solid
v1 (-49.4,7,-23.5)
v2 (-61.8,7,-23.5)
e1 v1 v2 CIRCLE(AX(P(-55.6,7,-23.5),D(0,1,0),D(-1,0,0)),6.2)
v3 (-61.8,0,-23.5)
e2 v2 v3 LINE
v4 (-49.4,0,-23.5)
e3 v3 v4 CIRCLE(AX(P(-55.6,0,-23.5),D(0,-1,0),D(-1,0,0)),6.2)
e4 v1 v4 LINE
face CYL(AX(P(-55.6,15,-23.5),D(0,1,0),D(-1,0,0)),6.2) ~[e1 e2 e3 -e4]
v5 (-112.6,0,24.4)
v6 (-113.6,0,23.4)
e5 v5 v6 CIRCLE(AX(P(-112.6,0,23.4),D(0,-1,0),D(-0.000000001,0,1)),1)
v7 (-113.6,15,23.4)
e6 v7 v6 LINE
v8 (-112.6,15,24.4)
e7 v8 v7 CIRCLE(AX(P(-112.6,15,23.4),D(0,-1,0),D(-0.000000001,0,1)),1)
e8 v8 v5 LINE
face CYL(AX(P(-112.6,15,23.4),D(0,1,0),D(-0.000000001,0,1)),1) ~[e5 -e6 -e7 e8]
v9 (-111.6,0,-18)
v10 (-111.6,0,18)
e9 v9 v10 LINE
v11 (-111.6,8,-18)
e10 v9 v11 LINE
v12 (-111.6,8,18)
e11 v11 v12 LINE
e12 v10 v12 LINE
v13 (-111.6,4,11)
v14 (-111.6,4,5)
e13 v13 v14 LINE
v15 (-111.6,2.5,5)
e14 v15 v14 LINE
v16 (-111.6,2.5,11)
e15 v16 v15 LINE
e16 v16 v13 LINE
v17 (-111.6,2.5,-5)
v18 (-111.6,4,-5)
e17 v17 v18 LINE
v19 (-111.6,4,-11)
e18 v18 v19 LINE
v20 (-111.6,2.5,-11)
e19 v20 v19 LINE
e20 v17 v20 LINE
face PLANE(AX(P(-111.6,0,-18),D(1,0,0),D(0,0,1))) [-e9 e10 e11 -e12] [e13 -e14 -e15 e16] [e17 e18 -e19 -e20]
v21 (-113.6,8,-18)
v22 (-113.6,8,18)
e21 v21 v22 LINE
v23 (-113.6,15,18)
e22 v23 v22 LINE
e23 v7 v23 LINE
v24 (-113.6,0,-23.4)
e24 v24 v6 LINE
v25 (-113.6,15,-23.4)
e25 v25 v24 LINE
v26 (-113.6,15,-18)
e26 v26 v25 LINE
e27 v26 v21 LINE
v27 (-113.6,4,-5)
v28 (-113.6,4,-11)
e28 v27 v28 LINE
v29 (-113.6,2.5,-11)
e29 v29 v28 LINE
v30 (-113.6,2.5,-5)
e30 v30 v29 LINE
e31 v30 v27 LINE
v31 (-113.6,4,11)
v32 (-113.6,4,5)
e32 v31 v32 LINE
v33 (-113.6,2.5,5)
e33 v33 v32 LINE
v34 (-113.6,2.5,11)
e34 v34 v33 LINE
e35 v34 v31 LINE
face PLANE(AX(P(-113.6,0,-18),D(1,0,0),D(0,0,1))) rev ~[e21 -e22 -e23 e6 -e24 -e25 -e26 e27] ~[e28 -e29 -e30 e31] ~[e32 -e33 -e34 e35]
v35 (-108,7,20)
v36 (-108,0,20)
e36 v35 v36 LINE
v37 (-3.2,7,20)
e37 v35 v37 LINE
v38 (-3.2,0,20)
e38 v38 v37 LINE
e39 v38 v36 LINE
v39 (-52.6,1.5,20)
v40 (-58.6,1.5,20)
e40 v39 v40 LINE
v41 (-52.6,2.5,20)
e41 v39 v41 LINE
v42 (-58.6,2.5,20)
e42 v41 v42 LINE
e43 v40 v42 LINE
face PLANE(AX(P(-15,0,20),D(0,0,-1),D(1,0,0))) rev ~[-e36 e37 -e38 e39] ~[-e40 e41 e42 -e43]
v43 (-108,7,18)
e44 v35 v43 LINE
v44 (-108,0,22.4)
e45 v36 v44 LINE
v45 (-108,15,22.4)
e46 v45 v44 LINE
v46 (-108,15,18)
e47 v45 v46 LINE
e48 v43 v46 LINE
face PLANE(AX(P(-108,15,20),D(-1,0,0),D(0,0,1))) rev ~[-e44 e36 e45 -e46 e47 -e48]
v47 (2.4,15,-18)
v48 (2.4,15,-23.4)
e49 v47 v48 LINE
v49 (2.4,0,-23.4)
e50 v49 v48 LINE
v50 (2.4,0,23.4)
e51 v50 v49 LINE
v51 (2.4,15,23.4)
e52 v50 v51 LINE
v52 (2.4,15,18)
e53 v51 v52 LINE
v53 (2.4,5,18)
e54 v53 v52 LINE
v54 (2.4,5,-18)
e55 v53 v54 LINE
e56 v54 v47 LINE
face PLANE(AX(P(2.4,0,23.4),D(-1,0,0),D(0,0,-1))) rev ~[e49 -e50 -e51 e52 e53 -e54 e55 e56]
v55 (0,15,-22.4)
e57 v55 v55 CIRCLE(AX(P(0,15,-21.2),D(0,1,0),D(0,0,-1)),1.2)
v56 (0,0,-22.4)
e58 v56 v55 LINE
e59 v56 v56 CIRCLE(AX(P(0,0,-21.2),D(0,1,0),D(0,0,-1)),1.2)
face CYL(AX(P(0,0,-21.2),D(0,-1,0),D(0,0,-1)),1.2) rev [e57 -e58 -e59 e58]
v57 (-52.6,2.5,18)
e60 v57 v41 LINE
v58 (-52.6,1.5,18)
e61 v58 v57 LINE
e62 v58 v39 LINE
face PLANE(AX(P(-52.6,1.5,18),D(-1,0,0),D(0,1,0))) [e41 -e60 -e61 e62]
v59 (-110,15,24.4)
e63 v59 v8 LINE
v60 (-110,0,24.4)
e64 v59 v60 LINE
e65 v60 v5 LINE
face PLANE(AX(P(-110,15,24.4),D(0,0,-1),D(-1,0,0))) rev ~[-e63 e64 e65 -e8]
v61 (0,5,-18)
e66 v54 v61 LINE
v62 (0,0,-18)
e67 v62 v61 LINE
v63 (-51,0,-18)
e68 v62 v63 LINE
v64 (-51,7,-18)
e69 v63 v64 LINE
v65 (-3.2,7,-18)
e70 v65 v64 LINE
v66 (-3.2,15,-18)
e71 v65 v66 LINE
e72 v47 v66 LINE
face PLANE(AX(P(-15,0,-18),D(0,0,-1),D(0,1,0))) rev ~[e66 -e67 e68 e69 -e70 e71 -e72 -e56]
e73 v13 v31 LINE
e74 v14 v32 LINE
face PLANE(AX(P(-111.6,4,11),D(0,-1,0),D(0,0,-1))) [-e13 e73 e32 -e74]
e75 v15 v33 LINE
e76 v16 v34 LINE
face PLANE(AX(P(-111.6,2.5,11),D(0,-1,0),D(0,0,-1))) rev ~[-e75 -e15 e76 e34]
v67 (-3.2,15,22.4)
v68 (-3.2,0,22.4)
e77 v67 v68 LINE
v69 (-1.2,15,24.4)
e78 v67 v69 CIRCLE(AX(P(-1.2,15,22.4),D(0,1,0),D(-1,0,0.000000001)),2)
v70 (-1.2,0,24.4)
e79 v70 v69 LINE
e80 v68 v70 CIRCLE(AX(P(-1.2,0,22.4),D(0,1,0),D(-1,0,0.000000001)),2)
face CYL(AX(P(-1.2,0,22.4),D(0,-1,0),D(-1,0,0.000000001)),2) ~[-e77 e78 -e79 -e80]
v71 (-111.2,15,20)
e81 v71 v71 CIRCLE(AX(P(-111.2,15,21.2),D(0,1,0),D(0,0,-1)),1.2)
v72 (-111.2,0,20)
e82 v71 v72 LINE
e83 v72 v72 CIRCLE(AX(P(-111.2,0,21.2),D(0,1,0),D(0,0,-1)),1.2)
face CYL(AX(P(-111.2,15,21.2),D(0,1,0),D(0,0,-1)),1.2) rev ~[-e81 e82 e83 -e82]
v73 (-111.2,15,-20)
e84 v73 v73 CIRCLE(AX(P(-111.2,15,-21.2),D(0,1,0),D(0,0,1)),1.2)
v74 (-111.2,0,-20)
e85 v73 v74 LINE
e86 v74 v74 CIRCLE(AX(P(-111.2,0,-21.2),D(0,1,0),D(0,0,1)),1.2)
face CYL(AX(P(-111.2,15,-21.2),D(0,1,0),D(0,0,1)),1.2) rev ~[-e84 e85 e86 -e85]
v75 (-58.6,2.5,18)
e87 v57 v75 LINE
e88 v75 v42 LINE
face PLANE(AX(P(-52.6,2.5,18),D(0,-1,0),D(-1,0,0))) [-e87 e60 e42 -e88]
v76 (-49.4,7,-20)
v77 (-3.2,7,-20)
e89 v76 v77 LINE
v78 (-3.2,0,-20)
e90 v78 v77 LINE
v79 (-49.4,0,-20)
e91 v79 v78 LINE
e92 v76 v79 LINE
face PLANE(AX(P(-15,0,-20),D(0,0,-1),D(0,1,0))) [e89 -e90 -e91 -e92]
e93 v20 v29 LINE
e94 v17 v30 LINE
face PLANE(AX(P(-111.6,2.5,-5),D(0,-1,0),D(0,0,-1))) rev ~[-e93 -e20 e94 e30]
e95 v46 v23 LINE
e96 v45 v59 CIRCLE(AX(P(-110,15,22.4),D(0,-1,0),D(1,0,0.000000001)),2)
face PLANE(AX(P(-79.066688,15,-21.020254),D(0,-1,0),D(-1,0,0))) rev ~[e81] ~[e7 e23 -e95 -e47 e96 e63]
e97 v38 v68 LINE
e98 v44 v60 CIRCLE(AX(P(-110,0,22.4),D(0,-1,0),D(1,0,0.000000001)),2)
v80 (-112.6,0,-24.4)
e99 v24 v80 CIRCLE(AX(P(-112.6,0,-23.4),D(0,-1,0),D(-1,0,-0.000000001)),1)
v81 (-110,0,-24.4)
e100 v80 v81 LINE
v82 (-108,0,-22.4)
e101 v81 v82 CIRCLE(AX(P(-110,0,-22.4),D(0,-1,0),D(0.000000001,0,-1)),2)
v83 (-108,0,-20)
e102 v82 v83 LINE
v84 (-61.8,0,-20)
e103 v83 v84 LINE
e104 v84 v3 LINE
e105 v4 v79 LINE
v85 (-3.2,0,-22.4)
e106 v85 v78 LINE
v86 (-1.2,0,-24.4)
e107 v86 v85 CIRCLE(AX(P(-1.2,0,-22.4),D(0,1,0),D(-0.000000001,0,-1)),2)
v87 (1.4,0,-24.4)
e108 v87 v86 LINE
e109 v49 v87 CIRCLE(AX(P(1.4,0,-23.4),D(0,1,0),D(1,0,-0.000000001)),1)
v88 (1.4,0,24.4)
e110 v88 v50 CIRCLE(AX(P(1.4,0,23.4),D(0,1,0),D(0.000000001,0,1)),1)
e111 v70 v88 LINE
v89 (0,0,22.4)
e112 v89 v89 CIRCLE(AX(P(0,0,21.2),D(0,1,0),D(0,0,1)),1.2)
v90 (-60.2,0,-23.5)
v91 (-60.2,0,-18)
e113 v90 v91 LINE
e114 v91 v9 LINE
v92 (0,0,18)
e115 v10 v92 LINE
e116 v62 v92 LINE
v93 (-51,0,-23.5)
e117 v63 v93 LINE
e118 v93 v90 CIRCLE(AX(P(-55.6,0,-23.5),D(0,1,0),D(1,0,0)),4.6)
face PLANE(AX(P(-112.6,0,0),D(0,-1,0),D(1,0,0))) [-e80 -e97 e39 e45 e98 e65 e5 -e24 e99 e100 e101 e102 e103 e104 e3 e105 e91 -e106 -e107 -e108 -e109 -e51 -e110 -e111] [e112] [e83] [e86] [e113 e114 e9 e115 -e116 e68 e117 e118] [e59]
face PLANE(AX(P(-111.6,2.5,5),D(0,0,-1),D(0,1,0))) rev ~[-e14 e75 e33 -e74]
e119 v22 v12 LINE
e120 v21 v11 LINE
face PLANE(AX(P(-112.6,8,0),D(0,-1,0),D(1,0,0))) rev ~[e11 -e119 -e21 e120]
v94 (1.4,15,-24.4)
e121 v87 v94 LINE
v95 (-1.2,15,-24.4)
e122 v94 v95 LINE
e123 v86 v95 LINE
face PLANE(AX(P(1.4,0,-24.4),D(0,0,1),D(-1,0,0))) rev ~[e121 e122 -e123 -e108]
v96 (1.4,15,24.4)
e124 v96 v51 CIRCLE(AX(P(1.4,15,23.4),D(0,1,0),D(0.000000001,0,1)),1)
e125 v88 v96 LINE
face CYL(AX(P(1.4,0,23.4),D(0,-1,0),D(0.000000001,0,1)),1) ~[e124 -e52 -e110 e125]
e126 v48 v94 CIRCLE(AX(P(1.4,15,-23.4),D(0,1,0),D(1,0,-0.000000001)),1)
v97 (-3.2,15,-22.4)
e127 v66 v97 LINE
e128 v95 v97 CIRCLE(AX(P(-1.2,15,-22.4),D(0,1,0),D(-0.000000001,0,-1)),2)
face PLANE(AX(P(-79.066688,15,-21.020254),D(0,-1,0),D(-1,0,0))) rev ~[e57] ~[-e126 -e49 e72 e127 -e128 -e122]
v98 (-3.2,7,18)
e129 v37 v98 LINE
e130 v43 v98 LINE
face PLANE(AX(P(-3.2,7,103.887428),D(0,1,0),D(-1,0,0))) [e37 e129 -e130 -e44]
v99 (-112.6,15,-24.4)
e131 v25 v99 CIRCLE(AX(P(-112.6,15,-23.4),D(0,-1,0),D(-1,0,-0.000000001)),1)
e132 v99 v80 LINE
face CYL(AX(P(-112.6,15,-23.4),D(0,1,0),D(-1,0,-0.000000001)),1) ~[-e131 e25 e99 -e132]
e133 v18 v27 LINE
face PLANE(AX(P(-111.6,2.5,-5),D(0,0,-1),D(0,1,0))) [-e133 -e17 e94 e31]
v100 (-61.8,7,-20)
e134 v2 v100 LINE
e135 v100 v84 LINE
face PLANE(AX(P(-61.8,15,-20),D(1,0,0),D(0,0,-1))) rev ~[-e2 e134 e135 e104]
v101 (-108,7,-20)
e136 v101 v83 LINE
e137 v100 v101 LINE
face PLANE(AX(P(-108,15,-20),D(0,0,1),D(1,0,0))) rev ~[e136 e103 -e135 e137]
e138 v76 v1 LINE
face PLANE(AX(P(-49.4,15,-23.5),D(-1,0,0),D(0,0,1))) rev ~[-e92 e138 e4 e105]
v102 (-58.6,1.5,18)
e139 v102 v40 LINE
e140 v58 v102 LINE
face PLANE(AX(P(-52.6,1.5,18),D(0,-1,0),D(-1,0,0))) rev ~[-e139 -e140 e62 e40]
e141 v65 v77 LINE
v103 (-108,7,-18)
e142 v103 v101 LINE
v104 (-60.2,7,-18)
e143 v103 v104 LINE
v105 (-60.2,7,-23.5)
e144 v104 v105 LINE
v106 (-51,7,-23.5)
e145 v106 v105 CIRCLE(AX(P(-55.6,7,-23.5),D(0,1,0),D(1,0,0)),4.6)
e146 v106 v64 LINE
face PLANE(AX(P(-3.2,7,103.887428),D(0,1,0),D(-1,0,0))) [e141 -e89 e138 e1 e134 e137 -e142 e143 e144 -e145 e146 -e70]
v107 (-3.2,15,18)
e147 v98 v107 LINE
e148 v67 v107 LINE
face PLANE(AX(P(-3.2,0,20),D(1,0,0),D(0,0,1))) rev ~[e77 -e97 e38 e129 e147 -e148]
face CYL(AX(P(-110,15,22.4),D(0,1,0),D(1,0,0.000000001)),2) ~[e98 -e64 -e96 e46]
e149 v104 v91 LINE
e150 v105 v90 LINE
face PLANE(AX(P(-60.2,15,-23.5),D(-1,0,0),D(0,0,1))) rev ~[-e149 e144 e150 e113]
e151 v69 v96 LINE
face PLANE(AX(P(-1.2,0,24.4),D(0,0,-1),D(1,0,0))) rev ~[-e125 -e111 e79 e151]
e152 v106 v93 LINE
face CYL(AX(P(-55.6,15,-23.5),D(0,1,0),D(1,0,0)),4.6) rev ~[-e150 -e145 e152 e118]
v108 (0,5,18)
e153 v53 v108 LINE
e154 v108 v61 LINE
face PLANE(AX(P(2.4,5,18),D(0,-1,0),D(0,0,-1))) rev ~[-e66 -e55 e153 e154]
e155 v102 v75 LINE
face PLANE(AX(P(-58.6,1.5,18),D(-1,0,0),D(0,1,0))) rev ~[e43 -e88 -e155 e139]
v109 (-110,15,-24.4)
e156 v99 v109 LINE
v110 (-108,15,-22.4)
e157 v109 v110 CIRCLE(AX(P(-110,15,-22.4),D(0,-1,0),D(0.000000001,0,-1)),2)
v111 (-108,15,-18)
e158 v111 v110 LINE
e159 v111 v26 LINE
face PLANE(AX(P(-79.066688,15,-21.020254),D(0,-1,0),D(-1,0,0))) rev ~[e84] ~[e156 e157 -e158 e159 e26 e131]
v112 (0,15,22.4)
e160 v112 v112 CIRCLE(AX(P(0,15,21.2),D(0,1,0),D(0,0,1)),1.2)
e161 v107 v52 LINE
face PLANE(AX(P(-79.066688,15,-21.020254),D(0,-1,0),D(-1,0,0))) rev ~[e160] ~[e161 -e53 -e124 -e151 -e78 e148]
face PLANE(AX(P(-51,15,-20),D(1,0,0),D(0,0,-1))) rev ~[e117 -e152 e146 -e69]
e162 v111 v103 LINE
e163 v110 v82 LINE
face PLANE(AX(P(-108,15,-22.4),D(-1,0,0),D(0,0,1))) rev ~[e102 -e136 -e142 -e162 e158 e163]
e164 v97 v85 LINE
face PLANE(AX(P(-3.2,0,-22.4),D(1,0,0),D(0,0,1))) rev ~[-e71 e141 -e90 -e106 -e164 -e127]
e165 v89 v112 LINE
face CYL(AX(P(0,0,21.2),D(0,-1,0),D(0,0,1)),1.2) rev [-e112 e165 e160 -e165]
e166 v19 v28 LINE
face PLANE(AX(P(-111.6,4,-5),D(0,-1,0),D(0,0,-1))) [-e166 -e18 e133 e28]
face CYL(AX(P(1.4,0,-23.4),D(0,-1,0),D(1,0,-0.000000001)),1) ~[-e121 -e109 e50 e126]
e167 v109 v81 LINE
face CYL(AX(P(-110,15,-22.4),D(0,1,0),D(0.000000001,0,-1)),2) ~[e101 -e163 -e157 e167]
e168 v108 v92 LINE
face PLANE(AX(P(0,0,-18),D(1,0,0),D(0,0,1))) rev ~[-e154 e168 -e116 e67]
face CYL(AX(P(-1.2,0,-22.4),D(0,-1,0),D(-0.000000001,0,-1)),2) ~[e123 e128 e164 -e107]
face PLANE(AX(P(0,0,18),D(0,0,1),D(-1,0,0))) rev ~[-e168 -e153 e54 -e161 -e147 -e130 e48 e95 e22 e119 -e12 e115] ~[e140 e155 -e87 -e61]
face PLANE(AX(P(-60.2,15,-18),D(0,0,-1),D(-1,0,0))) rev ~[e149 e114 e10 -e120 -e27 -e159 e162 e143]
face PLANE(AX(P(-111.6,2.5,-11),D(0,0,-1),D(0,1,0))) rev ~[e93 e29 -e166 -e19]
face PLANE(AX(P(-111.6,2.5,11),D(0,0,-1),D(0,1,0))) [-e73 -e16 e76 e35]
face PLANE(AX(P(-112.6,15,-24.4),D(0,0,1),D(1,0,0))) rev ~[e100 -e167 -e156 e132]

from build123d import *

# Parameters (mm, degrees)
SKETCH1_R               = 1.2
BOSS_EXTRUDE1_DEPTH     = 15
SKETCH3_W               = 15
SKETCH3_H               = 36
BOSS_EXTRUDE3_DEPTH     = 1.5
BOSS_EXTRUDE4_DEPTH     = 36
SKETCH6_R               = 1.2
BOSS_EXTRUDE5_DEPTH     = 15
SKETCH7_W               = 2
SKETCH7_H               = 36
BOSS_EXTRUDE6_DEPTH     = 8
SKETCH8_W               = 6
SKETCH8_H               = 1
CUT_EXTRUDE1_DEPTH      = 5
SKETCH9_W               = 6
SKETCH9_H               = 1.5
CUT_EXTRUDE2_DEPTH      = 5
CUT_EXTRUDE3_DEPTH      = 123.887428161
CUT_EXTRUDE3_DEPTH_BACK = 123.887428161
SKETCH10_W              = 104.8
SKETCH10_H              = 8
SKETCH11_W              = 36
SKETCH11_H              = 10
CUT_EXTRUDE4_DEPTH      = 10
SKETCH12_W              = 15
SKETCH12_H              = 36
CUT_EXTRUDE5_DEPTH      = 10


with BuildPart() as part:
    # Sketch1 → Boss-Extrude1 (new body)
    with BuildSketch(Plane(origin=(0, 0, 0), x_dir=(1, 0, 0), z_dir=(0, 1, 0))):
        with BuildLine():
            Line((2.4, -23.4), (2.4, 23.4))
            ThreePointArc((2.4, 23.4), (2.107106781, 24.107106781), (1.4, 24.4))
            Line((1.4, 24.4), (-1.2, 24.4))
            ThreePointArc((-1.2, 24.4), (-2.614213562, 23.814213562), (-3.2, 22.4))
            Line((-3.2, 22.4), (-3.2, 20))
            Line((-3.2, 20), (-15, 20))
            Line((-15, 20), (-15, 18))
            Line((-15, 18), (0, 18))
            Line((0, 18), (0, -18))
            Line((0, -18), (-15, -18))
            Line((-15, -18), (-15, -20))
            Line((-15, -20), (-3.2, -20))
            Line((-3.2, -20), (-3.2, -22.4))
            ThreePointArc((-3.2, -22.4), (-2.614213562, -23.814213562), (-1.2, -24.4))
            Line((-1.2, -24.4), (1.4, -24.4))
            ThreePointArc((1.4, -24.4), (2.107106781, -24.107106781), (2.4, -23.4))
        make_face()
        with Locations(Location((0, -21.2, 0), (0, 0, 270))):
            Circle(SKETCH1_R, mode=Mode.SUBTRACT)
        with Locations(Location((0, 21.2, 0), (0, 0, 90))):
            Circle(SKETCH1_R, mode=Mode.SUBTRACT)
    extrude(amount=BOSS_EXTRUDE1_DEPTH)

    # Sketch3 → Boss-Extrude3 (add)
    with BuildSketch(Plane(origin=(0, 0, 0), x_dir=(1, 0, 0), z_dir=(0, 1, 0))):
        with Locations((-7.5, 0)):
            Rectangle(SKETCH3_W, SKETCH3_H)
    extrude(amount=BOSS_EXTRUDE3_DEPTH)

    # Sketch4 → Boss-Extrude4 (add)
    with BuildSketch(Plane.ZY.offset(15)):
        Polygon((-18, 1.5), (-18, 0), (-20, 0), (-20, 15), (-18, 15), align=None)
    extrude(amount=BOSS_EXTRUDE4_DEPTH)

    # Sketch6 → Boss-Extrude5 (add)
    # profile 1 of 2: a face of its own
    with BuildSketch(Plane(origin=(0, 15, 0), x_dir=(1, 0, 0), z_dir=(0, 1, 0))):
        with BuildLine():
            Line((-61.8, 20), (-61.8, 23.5))
            ThreePointArc((-61.8, 23.5), (-55.6, 29.7), (-49.4, 23.5))
            Line((-49.4, 23.5), (-49.4, 20))
            Line((-49.4, 20), (-51, 20))
            Line((-51, 20), (-51, 23.5))
            ThreePointArc((-51, 23.5), (-55.6, 28.1), (-60.2, 23.5))
            Line((-60.2, 23.5), (-60.2, 20))
            Line((-60.2, 20), (-60.2, 18))
            Line((-60.2, 18), (-113.6, 18))
            Line((-113.6, 18), (-113.6, 23.4))
            ThreePointArc((-113.6, 23.4), (-113.307106781, 24.107106781), (-112.6, 24.4))
            Line((-112.6, 24.4), (-110, 24.4))
            ThreePointArc((-110, 24.4), (-108.585786438, 23.814213562), (-108, 22.4))
            Line((-108, 22.4), (-108, 20))
            Line((-108, 20), (-61.8, 20))
        make_face()
        with Locations(Location((-111.2, 21.2, 0), (0, 0, 270))):
            Circle(SKETCH6_R, mode=Mode.SUBTRACT)
    # profile 2 of 2: a face of its own
    with BuildSketch(Plane(origin=(0, 15, 0), x_dir=(1, 0, 0), z_dir=(0, 1, 0))):
        with BuildLine():
            Line((-113.6, -18), (-15, -18))
            Line((-15, -18), (-15, -20))
            Line((-15, -20), (-108, -20))
            Line((-108, -20), (-108, -22.4))
            ThreePointArc((-108, -22.4), (-108.585786438, -23.814213562), (-110, -24.4))
            Line((-110, -24.4), (-112.6, -24.4))
            ThreePointArc((-112.6, -24.4), (-113.307106781, -24.107106781), (-113.6, -23.4))
            Line((-113.6, -23.4), (-113.6, -18))
        make_face()
        with Locations(Location((-111.2, -21.2, 0), (0, 0, 90))):
            Circle(SKETCH6_R, mode=Mode.SUBTRACT)
    extrude(amount=-BOSS_EXTRUDE5_DEPTH)

    # Sketch7 → Boss-Extrude6 (add)
    with BuildSketch(Plane.XZ):
        with Locations((-112.6, 0)):
            Rectangle(SKETCH7_W, SKETCH7_H)
    extrude(amount=-BOSS_EXTRUDE6_DEPTH)

    # Sketch8 → Cut-Extrude1 (cut)
    with BuildSketch(Plane(origin=(0, 0, 18), x_dir=(-1, 0, 0), z_dir=(0, 0, -1))):
        with Locations((55.6, 2)):
            Rectangle(SKETCH8_W, SKETCH8_H)
    extrude(amount=-CUT_EXTRUDE1_DEPTH, mode=Mode.SUBTRACT)

    # Sketch9 → Cut-Extrude2 (cut)
    with BuildSketch(Plane(origin=(-111.6, 0, 0), x_dir=(0, 0, -1), z_dir=(1, 0, 0))):
        with Locations((8, 3.25)):
            Rectangle(SKETCH9_W, SKETCH9_H)
        with Locations((-8, 3.25)):
            Rectangle(SKETCH9_W, SKETCH9_H)
    extrude(amount=-CUT_EXTRUDE2_DEPTH, mode=Mode.SUBTRACT)

    # Sketch10 → Cut-Extrude3 (cut, two sides: drawn at the far end of the back side and taken through both)
    with BuildSketch(Plane(origin=(0, 0, -20), x_dir=(-1, 0, 0), z_dir=(0, 0, -1)).offset(-CUT_EXTRUDE3_DEPTH_BACK)):
        with Locations((55.6, 11)):
            Rectangle(SKETCH10_W, SKETCH10_H)
    extrude(amount=CUT_EXTRUDE3_DEPTH + CUT_EXTRUDE3_DEPTH_BACK, mode=Mode.SUBTRACT)

    # Sketch11 → Cut-Extrude4 (cut)
    with BuildSketch(Plane(origin=(2.4, 0, 0), x_dir=(0, 0, -1), z_dir=(1, 0, 0))):
        with Locations((0, 10)):
            Rectangle(SKETCH11_W, SKETCH11_H)
    extrude(amount=-CUT_EXTRUDE4_DEPTH, mode=Mode.SUBTRACT)

    # Sketch12 → Cut-Extrude5 (cut)
    with BuildSketch(Plane.XZ):
        with Locations((-7.5, 0)):
            Rectangle(SKETCH12_W, SKETCH12_H)
    extrude(amount=-CUT_EXTRUDE5_DEPTH, mode=Mode.SUBTRACT)


solid = part.part
